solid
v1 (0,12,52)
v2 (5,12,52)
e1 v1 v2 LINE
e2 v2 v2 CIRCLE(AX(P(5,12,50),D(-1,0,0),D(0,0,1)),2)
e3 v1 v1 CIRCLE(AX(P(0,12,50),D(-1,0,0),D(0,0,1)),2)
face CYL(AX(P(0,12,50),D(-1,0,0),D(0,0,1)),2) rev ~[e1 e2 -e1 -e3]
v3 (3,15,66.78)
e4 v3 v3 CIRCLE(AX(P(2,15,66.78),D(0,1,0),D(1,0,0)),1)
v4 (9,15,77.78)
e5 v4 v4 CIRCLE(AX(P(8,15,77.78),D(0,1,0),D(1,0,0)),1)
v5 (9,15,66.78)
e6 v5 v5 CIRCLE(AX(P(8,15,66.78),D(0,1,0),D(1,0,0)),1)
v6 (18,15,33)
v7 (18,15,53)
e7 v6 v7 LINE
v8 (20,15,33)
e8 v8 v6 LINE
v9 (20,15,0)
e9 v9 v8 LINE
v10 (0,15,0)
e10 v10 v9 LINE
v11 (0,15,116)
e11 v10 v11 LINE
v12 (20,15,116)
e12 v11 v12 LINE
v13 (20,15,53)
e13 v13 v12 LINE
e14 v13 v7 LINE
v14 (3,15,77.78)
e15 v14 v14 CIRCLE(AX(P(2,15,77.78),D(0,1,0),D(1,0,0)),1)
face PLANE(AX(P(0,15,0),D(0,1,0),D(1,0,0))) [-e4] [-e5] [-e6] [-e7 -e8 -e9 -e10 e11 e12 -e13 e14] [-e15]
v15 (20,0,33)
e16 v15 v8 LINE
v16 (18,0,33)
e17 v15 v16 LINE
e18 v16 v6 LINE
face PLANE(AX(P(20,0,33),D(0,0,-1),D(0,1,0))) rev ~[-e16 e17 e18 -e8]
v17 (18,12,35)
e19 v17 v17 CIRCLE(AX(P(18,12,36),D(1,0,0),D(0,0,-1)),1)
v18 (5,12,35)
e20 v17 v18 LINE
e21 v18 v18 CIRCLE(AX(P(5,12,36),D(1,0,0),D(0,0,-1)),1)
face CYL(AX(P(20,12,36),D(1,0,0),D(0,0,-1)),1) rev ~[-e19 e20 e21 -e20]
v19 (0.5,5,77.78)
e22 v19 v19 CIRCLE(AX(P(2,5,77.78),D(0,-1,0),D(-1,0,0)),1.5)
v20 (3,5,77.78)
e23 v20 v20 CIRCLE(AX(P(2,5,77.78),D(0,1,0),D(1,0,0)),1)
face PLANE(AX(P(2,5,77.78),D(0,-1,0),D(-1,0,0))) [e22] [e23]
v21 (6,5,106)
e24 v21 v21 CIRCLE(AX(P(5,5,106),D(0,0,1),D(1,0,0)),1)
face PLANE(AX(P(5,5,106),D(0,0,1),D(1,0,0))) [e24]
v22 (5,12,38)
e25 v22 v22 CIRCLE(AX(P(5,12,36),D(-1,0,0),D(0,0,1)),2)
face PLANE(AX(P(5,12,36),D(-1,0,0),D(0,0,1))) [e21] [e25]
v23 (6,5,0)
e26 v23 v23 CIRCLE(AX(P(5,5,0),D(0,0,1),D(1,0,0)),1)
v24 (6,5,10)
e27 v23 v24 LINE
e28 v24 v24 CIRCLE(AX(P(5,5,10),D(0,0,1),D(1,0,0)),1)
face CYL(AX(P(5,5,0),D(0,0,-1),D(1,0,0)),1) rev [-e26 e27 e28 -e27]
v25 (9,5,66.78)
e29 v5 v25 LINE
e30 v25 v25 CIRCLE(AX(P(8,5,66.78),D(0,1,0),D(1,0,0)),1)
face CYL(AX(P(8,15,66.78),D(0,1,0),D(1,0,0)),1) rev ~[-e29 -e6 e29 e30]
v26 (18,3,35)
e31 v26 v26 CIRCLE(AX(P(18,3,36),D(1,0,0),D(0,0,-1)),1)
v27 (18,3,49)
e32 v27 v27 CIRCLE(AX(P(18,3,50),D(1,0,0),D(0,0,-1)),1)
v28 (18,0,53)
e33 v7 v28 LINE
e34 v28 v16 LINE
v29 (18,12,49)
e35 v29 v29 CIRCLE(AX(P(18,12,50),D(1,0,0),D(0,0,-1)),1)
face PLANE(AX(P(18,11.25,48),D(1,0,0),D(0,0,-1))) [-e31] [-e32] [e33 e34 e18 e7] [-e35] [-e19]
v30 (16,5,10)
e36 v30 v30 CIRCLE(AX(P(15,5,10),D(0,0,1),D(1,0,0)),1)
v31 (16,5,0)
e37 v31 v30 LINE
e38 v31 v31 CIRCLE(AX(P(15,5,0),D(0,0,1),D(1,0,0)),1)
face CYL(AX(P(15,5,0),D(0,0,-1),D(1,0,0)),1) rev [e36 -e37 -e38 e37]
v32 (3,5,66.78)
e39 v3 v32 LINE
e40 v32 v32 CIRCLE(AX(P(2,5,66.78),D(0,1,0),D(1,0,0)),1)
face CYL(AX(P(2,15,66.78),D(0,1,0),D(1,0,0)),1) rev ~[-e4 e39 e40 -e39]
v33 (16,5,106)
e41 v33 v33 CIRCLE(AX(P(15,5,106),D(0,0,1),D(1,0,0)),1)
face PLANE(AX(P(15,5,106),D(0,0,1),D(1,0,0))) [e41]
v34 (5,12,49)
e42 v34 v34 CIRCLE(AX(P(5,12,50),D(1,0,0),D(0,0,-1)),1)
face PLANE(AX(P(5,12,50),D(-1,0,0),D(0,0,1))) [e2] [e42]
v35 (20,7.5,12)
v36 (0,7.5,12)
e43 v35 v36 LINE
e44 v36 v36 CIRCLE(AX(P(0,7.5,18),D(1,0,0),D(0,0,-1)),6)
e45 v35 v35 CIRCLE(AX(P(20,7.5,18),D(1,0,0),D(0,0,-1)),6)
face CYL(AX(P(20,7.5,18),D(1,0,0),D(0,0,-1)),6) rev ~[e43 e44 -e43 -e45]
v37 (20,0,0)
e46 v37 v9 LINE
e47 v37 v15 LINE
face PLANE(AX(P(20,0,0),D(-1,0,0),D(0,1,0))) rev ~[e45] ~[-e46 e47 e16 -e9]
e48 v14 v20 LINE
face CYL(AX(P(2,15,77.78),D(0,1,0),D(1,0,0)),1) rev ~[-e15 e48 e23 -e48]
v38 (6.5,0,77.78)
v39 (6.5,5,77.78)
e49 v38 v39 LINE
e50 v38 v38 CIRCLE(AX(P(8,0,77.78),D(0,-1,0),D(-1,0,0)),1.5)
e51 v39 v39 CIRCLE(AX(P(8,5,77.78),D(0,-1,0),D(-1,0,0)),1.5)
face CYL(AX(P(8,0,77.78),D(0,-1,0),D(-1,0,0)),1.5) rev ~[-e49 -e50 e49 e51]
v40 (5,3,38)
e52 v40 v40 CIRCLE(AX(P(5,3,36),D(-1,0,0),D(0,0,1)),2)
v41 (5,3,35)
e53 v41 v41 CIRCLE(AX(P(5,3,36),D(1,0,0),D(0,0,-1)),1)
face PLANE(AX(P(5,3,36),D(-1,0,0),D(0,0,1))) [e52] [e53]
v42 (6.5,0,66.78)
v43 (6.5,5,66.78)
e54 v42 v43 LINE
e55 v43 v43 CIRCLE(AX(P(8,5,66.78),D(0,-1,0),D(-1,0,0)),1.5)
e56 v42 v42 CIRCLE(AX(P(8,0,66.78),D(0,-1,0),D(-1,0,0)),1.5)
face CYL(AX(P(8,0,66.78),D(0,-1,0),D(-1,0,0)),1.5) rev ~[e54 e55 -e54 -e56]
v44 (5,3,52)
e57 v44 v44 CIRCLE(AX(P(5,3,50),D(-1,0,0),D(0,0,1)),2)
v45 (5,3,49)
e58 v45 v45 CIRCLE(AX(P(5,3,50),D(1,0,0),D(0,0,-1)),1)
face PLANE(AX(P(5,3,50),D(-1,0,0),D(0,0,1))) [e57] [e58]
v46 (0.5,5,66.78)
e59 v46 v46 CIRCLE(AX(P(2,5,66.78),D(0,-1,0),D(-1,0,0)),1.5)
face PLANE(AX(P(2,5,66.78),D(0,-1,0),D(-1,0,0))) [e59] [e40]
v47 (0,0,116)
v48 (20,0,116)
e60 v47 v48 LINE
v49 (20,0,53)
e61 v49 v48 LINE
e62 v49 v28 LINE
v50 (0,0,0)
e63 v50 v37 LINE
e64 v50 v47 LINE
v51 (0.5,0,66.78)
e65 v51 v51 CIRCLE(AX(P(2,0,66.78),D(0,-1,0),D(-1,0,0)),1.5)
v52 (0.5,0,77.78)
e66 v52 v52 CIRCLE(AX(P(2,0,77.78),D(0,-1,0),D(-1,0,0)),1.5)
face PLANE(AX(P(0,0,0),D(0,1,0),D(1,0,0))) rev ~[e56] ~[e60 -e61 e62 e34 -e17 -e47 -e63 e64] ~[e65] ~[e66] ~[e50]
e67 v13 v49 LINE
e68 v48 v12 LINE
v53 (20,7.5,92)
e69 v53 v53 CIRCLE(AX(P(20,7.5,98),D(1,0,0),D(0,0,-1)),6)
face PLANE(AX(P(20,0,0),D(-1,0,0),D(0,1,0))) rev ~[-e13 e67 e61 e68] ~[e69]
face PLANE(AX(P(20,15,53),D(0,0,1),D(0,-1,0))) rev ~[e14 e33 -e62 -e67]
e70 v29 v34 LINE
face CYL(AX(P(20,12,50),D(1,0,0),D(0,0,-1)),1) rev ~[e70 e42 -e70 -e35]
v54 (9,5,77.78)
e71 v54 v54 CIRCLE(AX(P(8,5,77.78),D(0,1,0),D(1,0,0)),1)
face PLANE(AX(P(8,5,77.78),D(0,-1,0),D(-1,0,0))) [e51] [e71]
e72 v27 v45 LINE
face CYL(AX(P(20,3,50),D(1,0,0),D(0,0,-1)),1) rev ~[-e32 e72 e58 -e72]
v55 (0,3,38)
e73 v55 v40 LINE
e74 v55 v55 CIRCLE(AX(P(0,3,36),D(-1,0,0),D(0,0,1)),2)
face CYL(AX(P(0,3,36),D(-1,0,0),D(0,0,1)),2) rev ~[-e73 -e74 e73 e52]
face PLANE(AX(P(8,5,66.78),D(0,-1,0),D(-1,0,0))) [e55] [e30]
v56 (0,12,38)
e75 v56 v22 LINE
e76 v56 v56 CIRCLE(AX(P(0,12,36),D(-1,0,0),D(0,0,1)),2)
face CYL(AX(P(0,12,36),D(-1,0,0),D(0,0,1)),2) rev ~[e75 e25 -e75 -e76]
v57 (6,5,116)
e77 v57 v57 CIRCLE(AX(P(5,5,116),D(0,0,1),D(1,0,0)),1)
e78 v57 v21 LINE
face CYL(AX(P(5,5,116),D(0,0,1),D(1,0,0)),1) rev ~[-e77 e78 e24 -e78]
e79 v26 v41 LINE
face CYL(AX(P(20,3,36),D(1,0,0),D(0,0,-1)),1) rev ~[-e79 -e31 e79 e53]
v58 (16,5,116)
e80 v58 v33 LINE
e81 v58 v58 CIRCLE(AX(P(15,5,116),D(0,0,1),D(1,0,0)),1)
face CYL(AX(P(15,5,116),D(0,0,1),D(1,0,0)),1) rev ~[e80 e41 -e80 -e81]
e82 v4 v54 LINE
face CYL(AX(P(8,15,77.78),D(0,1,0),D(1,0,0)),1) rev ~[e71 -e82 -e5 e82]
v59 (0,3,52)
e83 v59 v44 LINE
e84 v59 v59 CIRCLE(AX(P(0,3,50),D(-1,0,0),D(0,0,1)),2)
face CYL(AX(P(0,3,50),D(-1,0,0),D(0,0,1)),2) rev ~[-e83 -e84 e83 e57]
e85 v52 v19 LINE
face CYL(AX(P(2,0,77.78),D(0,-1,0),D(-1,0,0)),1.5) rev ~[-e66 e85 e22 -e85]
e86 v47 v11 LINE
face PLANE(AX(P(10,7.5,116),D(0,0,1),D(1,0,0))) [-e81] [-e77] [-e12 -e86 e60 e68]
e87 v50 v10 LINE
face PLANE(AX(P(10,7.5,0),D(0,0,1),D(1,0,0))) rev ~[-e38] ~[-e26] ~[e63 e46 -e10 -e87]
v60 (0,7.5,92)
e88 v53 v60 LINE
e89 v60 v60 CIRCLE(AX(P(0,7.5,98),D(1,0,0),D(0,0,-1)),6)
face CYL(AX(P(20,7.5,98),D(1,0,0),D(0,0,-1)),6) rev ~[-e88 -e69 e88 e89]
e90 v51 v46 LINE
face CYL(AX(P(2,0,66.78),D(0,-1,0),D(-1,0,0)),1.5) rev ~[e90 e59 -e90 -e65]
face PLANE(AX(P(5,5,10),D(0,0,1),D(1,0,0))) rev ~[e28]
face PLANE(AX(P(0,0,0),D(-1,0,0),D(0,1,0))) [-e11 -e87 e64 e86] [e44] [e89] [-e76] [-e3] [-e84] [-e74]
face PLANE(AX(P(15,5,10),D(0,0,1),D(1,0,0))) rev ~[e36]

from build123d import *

# Parameters (mm, degrees)
SKETCH1_W           = 20
SKETCH1_H           = 15
BOSS_EXTRUDE1_DEPTH = 116
SKETCH1_5_R         = 1
CUT_EXTRUDE1_DEPTH  = 10
SKETCH4_R           = 1
CUT_EXTRUDE2_DEPTH  = 10
SKETCH5_R           = 2.5
CUT_EXTRUDE3_DEPTH  = 21
SKETCH6_R           = 6
CUT_EXTRUDE4_DEPTH  = 21
SKETCH8_R           = 1
CUT_EXTRUDE5_DEPTH  = 16
SKETCH9_R           = 1.5
CUT_EXTRUDE6_DEPTH  = 5
SKETCH10_R          = 1
CUT_EXTRUDE7_DEPTH  = 21
SKETCH11_R          = 2
CUT_EXTRUDE8_DEPTH  = 5
SKETCH10_3_W        = 10
SKETCH10_3_H        = 7.5
SKETCH10_3_R        = 1
CUT_EXTRUDE9_DEPTH  = 2


with BuildPart() as part:
    # Sketch1 → Boss-Extrude1 (new body)
    with BuildSketch(Plane.XY):
        with Locations((10, 7.5)):
            Rectangle(SKETCH1_W, SKETCH1_H)
    extrude(amount=BOSS_EXTRUDE1_DEPTH)

    # Sketch1_5 → Cut-Extrude1 (cut)
    with BuildSketch(Plane.XY):
        with Locations((15, 5)):
            Circle(SKETCH1_5_R)
        with Locations((5, 5)):
            Circle(SKETCH1_5_R)
    extrude(amount=CUT_EXTRUDE1_DEPTH, mode=Mode.SUBTRACT)

    # Sketch4 → Cut-Extrude2 (cut)
    with BuildSketch(Plane.XY.offset(116)):
        with Locations((5, 5)):
            Circle(SKETCH4_R)
        with Locations((15, 5)):
            Circle(SKETCH4_R)
    extrude(amount=-CUT_EXTRUDE2_DEPTH, mode=Mode.SUBTRACT)

    # Sketch5 → Cut-Extrude3 (cut, through all)
    with BuildSketch(Plane(origin=(20, 0, 0), x_dir=(0, 0, -1), z_dir=(1, 0, 0))):
        with Locations((-98, 7.5)):
            Circle(SKETCH5_R)
        with Locations((-18, 7.5)):
            Circle(SKETCH5_R)
    extrude(amount=-CUT_EXTRUDE3_DEPTH, mode=Mode.SUBTRACT)

    # Sketch6 → Cut-Extrude4 (cut, through all)
    with BuildSketch(Plane(origin=(20, 0, 0), x_dir=(0, 0, -1), z_dir=(1, 0, 0))):
        with Locations((-98, 7.5)):
            Circle(SKETCH6_R)
        with Locations((-18, 7.5)):
            Circle(SKETCH6_R)
    extrude(amount=-CUT_EXTRUDE4_DEPTH, mode=Mode.SUBTRACT)

    # Sketch8 → Cut-Extrude5 (cut, through all)
    with BuildSketch(Plane(origin=(0, 15, 0), x_dir=(1, 0, 0), z_dir=(0, 1, 0))):
        with Locations((8, -77.78)):
            Circle(SKETCH8_R)
        with Locations((2, -66.78)):
            Circle(SKETCH8_R)
        with Locations((8, -66.78)):
            Circle(SKETCH8_R)
        with Locations((2, -77.78)):
            Circle(SKETCH8_R)
    extrude(amount=-CUT_EXTRUDE5_DEPTH, mode=Mode.SUBTRACT)

    # Sketch9 → Cut-Extrude6 (cut)
    with BuildSketch(Plane(origin=(0, 0, 0), x_dir=(-1, 0, 0), z_dir=(0, -1, 0))):
        with Locations((-2, -77.78)):
            Circle(SKETCH9_R)
        with Locations((-8, -77.78)):
            Circle(SKETCH9_R)
        with Locations((-8, -66.78)):
            Circle(SKETCH9_R)
        with Locations((-2, -66.78)):
            Circle(SKETCH9_R)
    extrude(amount=-CUT_EXTRUDE6_DEPTH, mode=Mode.SUBTRACT)

    # Sketch10 → Cut-Extrude7 (cut, through all)
    with BuildSketch(Plane(origin=(20, 0, 0), x_dir=(0, 0, -1), z_dir=(1, 0, 0))):
        with Locations((-50, 12)):
            Circle(SKETCH10_R)
        with Locations((-36, 12)):
            Circle(SKETCH10_R)
        with Locations((-36, 3)):
            Circle(SKETCH10_R)
        with Locations((-50, 3)):
            Circle(SKETCH10_R)
    extrude(amount=-CUT_EXTRUDE7_DEPTH, mode=Mode.SUBTRACT)

    # Sketch11 → Cut-Extrude8 (cut)
    with BuildSketch(Plane.ZY):
        with Locations((36, 12)):
            Circle(SKETCH11_R)
        with Locations((36, 3)):
            Circle(SKETCH11_R)
        with Locations((50, 3)):
            Circle(SKETCH11_R)
        with Locations((50, 12)):
            Circle(SKETCH11_R)
    extrude(amount=-CUT_EXTRUDE8_DEPTH, mode=Mode.SUBTRACT)

    # Sketch10_3 → Cut-Extrude9 (cut)
    with BuildSketch(Plane(origin=(20, 0, 0), x_dir=(0, 0, -1), z_dir=(1, 0, 0))):
        with Locations((-48, 11.25)):
            Rectangle(SKETCH10_3_W, SKETCH10_3_H)
        with Locations((-50, 12)):
            Circle(SKETCH10_3_R, mode=Mode.SUBTRACT)
        with Locations((-38, 11.25)):
            Rectangle(SKETCH10_3_W, SKETCH10_3_H)
        with Locations((-36, 12)):
            Circle(SKETCH10_3_R, mode=Mode.SUBTRACT)
        with Locations((-38, 3.75)):
            Rectangle(SKETCH10_3_W, SKETCH10_3_H)
        with Locations((-36, 3)):
            Circle(SKETCH10_3_R, mode=Mode.SUBTRACT)
        with Locations((-48, 3.75)):
            Rectangle(SKETCH10_3_W, SKETCH10_3_H)
        with Locations((-50, 3)):
            Circle(SKETCH10_3_R, mode=Mode.SUBTRACT)
    extrude(amount=-CUT_EXTRUDE9_DEPTH, mode=Mode.SUBTRACT)


solid = part.part
